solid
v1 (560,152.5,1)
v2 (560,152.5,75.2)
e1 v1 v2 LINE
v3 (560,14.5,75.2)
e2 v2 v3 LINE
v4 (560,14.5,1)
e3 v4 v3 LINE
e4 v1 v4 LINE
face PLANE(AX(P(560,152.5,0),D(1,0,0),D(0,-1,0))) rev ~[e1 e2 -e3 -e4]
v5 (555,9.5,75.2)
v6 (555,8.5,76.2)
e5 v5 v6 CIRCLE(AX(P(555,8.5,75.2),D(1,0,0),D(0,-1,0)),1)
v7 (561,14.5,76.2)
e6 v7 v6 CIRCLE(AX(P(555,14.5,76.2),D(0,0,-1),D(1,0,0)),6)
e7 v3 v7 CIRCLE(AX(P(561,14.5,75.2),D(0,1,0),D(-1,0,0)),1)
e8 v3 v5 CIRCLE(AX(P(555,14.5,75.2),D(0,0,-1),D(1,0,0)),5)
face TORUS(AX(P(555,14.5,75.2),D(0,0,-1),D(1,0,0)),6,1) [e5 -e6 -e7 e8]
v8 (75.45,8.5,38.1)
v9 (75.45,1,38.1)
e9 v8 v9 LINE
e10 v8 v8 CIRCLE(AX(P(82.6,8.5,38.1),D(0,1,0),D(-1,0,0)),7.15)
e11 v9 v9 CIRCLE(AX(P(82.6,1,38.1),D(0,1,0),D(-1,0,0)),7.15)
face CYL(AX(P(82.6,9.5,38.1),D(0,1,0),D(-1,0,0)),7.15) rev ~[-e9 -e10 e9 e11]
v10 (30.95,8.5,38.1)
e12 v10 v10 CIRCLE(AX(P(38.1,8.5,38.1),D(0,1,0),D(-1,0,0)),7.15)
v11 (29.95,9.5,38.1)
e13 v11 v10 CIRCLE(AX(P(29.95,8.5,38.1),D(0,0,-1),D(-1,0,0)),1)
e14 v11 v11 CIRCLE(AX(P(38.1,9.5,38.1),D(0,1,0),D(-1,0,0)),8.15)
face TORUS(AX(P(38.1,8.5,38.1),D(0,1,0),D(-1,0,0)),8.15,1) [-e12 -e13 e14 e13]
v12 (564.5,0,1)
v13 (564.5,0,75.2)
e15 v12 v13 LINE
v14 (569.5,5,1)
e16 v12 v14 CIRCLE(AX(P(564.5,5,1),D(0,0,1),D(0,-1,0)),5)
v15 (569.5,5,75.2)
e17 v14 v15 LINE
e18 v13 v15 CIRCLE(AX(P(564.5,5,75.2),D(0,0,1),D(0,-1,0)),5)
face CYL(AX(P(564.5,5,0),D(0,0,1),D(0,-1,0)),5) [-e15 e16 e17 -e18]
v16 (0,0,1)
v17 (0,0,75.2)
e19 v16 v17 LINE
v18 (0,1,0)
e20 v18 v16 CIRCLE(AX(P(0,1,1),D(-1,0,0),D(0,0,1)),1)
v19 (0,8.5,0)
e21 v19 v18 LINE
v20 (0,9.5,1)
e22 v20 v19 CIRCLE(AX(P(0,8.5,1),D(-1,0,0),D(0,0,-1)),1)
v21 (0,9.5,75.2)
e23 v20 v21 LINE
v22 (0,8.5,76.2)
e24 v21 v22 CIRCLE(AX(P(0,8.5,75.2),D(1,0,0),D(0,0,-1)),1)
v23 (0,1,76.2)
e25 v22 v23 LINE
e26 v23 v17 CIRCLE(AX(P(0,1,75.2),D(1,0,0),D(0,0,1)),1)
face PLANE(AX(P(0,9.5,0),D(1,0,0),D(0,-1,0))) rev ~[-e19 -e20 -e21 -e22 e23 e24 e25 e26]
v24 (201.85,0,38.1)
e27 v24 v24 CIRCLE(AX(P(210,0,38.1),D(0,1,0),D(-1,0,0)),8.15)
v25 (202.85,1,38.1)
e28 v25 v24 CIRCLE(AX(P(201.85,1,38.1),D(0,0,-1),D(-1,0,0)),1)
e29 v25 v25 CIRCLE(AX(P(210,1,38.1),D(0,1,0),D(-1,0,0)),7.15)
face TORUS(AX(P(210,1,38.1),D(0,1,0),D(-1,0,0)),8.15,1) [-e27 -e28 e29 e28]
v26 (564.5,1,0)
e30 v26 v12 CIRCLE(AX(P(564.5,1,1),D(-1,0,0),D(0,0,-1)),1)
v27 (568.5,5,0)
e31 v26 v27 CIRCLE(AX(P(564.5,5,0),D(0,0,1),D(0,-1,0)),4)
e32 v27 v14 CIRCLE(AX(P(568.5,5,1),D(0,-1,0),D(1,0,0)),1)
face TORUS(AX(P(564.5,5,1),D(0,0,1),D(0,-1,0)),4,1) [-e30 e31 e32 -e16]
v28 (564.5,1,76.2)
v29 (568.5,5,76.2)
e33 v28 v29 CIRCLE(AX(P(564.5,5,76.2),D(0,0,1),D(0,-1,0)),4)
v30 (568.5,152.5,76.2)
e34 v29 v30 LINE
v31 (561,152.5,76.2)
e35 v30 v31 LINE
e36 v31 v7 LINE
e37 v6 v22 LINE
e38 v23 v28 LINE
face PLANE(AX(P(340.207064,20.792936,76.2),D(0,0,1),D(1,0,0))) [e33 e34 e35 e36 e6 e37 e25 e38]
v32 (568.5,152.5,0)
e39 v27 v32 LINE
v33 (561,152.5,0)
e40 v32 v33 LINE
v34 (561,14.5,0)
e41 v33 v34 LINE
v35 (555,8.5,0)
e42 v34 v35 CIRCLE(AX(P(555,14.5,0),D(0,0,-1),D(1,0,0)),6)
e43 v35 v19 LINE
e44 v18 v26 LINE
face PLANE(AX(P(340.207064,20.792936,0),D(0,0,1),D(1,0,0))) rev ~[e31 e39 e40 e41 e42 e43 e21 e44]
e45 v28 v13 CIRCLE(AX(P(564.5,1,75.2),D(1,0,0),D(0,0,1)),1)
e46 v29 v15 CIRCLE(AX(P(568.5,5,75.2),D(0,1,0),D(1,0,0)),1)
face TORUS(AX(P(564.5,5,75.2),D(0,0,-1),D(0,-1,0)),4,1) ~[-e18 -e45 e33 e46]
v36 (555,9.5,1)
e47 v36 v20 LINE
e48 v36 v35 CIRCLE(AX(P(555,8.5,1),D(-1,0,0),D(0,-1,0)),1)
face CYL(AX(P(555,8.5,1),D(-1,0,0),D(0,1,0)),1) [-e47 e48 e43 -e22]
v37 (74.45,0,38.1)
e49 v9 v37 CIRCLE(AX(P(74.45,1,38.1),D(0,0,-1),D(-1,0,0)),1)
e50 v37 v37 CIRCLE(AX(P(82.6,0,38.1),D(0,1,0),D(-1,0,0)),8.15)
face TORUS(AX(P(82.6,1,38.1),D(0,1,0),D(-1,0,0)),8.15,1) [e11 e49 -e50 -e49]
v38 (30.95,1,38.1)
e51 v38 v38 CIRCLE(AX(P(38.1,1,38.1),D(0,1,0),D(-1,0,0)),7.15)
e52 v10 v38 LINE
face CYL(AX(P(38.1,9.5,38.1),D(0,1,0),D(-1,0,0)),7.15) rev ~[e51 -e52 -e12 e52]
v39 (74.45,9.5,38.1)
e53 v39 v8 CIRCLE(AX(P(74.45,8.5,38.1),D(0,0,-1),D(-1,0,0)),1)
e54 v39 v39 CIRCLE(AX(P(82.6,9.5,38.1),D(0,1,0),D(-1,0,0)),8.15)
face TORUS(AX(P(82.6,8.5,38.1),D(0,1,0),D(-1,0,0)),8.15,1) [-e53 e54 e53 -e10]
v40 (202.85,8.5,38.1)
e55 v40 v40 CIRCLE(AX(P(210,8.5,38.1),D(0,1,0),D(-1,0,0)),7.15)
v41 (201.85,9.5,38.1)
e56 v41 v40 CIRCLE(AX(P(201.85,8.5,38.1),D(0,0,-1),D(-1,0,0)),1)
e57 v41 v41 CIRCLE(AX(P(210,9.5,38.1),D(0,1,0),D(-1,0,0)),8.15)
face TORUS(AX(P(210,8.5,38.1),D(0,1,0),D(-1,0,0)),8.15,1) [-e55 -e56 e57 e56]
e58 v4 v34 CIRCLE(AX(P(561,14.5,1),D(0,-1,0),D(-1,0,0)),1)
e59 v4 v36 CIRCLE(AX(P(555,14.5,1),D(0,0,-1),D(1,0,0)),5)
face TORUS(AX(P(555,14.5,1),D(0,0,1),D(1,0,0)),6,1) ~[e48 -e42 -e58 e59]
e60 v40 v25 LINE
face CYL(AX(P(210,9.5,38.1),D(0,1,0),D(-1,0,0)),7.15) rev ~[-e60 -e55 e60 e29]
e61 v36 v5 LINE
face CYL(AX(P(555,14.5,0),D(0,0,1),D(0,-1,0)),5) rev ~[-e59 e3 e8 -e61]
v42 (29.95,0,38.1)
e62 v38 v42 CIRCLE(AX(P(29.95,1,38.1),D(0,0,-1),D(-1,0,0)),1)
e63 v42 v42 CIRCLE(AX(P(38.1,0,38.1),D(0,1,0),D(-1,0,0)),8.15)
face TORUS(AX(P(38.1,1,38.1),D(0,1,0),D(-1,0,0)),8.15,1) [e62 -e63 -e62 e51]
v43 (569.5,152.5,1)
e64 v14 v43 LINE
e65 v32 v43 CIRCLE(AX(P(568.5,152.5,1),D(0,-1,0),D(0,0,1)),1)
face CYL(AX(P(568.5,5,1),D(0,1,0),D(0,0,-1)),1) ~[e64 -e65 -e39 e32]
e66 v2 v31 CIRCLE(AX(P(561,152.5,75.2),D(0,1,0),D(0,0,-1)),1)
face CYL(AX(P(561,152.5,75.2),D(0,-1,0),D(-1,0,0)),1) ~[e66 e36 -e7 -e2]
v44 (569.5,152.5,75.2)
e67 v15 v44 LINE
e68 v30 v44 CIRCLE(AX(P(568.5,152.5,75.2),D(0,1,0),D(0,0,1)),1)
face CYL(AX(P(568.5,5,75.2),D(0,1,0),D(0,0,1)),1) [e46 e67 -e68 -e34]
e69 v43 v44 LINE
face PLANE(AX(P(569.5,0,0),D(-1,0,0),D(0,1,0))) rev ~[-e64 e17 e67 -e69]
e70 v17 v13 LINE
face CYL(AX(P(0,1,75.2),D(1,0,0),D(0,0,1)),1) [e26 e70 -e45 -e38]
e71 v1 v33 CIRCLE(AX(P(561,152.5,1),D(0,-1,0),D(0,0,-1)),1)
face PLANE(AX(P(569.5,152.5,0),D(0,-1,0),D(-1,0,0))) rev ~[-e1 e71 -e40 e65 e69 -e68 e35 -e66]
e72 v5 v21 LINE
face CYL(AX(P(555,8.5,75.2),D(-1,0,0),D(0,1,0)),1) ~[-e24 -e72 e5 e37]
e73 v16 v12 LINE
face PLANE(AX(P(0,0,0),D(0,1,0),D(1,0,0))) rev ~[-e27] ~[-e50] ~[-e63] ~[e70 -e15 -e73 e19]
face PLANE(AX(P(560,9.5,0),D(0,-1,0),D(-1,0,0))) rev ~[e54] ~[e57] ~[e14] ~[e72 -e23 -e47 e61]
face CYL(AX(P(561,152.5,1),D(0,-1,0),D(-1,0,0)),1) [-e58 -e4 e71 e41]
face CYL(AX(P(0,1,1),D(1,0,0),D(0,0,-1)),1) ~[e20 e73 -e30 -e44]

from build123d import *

# Parameters (mm, degrees)
F1_DEPTH = 76.2
F2_R     = 7.15
F3_DEPTH = 9.501
F4_R     = 5
F5_R     = 1
F6_R     = 1


with BuildPart() as f1:
    # F0 (on Top) → F1 (new body)
    with BuildSketch(Plane.XY):
        Polygon((0, 9.5), (0, 0), (569.5, 0), (569.5, 152.5), (560, 152.5), (560, 9.5), align=None)
    extrude(amount=F1_DEPTH)

    # F2 (on face) → F3 (cut, through all)
    with BuildSketch(Plane(origin=(0, 9.5, 0), x_dir=(-1, 0, 0), z_dir=(0, 1, 0))):
        with Locations((-38.1, 38.1)):
            Circle(F2_R)
        with Locations((-82.6, 38.1)):
            Circle(F2_R)
        with Locations((-210, 38.1)):
            Circle(F2_R)
    extrude(amount=-F3_DEPTH, mode=Mode.SUBTRACT)

    # F4
    f4_edges = [f1.edges().sort_by_distance(p)[0] for p in [
        (569.5, 0, 38.1),
        (560, 9.5, 38.1),
    ]]
    fillet(f4_edges, radius=F4_R)

    # F5
    f5_edges = [f1.edges().sort_by_distance(p)[0] for p in [
        (277.5, 9.5, 76.2),
        (277.5, 9.5, 0),
        (282.25, 0, 76.2),
        (282.25, 0, 0),
        (560, 83.5, 0),
        (569.5, 78.75, 0),
        (569.5, 78.75, 76.2),
        (560, 83.5, 76.2),
    ]]
    fillet(f5_edges, radius=F5_R)

    # F6
    f6_edges = [f1.edges().sort_by_distance(p)[0] for p in [
        (217.15, 0, 38.1),
        (89.75, 0, 38.1),
        (45.25, 0, 38.1),
        (217.15, 9.5, 38.1),
        (89.75, 9.5, 38.1),
        (45.25, 9.5, 38.1),
    ]]
    fillet(f6_edges, radius=F6_R)


solid = f1.part
